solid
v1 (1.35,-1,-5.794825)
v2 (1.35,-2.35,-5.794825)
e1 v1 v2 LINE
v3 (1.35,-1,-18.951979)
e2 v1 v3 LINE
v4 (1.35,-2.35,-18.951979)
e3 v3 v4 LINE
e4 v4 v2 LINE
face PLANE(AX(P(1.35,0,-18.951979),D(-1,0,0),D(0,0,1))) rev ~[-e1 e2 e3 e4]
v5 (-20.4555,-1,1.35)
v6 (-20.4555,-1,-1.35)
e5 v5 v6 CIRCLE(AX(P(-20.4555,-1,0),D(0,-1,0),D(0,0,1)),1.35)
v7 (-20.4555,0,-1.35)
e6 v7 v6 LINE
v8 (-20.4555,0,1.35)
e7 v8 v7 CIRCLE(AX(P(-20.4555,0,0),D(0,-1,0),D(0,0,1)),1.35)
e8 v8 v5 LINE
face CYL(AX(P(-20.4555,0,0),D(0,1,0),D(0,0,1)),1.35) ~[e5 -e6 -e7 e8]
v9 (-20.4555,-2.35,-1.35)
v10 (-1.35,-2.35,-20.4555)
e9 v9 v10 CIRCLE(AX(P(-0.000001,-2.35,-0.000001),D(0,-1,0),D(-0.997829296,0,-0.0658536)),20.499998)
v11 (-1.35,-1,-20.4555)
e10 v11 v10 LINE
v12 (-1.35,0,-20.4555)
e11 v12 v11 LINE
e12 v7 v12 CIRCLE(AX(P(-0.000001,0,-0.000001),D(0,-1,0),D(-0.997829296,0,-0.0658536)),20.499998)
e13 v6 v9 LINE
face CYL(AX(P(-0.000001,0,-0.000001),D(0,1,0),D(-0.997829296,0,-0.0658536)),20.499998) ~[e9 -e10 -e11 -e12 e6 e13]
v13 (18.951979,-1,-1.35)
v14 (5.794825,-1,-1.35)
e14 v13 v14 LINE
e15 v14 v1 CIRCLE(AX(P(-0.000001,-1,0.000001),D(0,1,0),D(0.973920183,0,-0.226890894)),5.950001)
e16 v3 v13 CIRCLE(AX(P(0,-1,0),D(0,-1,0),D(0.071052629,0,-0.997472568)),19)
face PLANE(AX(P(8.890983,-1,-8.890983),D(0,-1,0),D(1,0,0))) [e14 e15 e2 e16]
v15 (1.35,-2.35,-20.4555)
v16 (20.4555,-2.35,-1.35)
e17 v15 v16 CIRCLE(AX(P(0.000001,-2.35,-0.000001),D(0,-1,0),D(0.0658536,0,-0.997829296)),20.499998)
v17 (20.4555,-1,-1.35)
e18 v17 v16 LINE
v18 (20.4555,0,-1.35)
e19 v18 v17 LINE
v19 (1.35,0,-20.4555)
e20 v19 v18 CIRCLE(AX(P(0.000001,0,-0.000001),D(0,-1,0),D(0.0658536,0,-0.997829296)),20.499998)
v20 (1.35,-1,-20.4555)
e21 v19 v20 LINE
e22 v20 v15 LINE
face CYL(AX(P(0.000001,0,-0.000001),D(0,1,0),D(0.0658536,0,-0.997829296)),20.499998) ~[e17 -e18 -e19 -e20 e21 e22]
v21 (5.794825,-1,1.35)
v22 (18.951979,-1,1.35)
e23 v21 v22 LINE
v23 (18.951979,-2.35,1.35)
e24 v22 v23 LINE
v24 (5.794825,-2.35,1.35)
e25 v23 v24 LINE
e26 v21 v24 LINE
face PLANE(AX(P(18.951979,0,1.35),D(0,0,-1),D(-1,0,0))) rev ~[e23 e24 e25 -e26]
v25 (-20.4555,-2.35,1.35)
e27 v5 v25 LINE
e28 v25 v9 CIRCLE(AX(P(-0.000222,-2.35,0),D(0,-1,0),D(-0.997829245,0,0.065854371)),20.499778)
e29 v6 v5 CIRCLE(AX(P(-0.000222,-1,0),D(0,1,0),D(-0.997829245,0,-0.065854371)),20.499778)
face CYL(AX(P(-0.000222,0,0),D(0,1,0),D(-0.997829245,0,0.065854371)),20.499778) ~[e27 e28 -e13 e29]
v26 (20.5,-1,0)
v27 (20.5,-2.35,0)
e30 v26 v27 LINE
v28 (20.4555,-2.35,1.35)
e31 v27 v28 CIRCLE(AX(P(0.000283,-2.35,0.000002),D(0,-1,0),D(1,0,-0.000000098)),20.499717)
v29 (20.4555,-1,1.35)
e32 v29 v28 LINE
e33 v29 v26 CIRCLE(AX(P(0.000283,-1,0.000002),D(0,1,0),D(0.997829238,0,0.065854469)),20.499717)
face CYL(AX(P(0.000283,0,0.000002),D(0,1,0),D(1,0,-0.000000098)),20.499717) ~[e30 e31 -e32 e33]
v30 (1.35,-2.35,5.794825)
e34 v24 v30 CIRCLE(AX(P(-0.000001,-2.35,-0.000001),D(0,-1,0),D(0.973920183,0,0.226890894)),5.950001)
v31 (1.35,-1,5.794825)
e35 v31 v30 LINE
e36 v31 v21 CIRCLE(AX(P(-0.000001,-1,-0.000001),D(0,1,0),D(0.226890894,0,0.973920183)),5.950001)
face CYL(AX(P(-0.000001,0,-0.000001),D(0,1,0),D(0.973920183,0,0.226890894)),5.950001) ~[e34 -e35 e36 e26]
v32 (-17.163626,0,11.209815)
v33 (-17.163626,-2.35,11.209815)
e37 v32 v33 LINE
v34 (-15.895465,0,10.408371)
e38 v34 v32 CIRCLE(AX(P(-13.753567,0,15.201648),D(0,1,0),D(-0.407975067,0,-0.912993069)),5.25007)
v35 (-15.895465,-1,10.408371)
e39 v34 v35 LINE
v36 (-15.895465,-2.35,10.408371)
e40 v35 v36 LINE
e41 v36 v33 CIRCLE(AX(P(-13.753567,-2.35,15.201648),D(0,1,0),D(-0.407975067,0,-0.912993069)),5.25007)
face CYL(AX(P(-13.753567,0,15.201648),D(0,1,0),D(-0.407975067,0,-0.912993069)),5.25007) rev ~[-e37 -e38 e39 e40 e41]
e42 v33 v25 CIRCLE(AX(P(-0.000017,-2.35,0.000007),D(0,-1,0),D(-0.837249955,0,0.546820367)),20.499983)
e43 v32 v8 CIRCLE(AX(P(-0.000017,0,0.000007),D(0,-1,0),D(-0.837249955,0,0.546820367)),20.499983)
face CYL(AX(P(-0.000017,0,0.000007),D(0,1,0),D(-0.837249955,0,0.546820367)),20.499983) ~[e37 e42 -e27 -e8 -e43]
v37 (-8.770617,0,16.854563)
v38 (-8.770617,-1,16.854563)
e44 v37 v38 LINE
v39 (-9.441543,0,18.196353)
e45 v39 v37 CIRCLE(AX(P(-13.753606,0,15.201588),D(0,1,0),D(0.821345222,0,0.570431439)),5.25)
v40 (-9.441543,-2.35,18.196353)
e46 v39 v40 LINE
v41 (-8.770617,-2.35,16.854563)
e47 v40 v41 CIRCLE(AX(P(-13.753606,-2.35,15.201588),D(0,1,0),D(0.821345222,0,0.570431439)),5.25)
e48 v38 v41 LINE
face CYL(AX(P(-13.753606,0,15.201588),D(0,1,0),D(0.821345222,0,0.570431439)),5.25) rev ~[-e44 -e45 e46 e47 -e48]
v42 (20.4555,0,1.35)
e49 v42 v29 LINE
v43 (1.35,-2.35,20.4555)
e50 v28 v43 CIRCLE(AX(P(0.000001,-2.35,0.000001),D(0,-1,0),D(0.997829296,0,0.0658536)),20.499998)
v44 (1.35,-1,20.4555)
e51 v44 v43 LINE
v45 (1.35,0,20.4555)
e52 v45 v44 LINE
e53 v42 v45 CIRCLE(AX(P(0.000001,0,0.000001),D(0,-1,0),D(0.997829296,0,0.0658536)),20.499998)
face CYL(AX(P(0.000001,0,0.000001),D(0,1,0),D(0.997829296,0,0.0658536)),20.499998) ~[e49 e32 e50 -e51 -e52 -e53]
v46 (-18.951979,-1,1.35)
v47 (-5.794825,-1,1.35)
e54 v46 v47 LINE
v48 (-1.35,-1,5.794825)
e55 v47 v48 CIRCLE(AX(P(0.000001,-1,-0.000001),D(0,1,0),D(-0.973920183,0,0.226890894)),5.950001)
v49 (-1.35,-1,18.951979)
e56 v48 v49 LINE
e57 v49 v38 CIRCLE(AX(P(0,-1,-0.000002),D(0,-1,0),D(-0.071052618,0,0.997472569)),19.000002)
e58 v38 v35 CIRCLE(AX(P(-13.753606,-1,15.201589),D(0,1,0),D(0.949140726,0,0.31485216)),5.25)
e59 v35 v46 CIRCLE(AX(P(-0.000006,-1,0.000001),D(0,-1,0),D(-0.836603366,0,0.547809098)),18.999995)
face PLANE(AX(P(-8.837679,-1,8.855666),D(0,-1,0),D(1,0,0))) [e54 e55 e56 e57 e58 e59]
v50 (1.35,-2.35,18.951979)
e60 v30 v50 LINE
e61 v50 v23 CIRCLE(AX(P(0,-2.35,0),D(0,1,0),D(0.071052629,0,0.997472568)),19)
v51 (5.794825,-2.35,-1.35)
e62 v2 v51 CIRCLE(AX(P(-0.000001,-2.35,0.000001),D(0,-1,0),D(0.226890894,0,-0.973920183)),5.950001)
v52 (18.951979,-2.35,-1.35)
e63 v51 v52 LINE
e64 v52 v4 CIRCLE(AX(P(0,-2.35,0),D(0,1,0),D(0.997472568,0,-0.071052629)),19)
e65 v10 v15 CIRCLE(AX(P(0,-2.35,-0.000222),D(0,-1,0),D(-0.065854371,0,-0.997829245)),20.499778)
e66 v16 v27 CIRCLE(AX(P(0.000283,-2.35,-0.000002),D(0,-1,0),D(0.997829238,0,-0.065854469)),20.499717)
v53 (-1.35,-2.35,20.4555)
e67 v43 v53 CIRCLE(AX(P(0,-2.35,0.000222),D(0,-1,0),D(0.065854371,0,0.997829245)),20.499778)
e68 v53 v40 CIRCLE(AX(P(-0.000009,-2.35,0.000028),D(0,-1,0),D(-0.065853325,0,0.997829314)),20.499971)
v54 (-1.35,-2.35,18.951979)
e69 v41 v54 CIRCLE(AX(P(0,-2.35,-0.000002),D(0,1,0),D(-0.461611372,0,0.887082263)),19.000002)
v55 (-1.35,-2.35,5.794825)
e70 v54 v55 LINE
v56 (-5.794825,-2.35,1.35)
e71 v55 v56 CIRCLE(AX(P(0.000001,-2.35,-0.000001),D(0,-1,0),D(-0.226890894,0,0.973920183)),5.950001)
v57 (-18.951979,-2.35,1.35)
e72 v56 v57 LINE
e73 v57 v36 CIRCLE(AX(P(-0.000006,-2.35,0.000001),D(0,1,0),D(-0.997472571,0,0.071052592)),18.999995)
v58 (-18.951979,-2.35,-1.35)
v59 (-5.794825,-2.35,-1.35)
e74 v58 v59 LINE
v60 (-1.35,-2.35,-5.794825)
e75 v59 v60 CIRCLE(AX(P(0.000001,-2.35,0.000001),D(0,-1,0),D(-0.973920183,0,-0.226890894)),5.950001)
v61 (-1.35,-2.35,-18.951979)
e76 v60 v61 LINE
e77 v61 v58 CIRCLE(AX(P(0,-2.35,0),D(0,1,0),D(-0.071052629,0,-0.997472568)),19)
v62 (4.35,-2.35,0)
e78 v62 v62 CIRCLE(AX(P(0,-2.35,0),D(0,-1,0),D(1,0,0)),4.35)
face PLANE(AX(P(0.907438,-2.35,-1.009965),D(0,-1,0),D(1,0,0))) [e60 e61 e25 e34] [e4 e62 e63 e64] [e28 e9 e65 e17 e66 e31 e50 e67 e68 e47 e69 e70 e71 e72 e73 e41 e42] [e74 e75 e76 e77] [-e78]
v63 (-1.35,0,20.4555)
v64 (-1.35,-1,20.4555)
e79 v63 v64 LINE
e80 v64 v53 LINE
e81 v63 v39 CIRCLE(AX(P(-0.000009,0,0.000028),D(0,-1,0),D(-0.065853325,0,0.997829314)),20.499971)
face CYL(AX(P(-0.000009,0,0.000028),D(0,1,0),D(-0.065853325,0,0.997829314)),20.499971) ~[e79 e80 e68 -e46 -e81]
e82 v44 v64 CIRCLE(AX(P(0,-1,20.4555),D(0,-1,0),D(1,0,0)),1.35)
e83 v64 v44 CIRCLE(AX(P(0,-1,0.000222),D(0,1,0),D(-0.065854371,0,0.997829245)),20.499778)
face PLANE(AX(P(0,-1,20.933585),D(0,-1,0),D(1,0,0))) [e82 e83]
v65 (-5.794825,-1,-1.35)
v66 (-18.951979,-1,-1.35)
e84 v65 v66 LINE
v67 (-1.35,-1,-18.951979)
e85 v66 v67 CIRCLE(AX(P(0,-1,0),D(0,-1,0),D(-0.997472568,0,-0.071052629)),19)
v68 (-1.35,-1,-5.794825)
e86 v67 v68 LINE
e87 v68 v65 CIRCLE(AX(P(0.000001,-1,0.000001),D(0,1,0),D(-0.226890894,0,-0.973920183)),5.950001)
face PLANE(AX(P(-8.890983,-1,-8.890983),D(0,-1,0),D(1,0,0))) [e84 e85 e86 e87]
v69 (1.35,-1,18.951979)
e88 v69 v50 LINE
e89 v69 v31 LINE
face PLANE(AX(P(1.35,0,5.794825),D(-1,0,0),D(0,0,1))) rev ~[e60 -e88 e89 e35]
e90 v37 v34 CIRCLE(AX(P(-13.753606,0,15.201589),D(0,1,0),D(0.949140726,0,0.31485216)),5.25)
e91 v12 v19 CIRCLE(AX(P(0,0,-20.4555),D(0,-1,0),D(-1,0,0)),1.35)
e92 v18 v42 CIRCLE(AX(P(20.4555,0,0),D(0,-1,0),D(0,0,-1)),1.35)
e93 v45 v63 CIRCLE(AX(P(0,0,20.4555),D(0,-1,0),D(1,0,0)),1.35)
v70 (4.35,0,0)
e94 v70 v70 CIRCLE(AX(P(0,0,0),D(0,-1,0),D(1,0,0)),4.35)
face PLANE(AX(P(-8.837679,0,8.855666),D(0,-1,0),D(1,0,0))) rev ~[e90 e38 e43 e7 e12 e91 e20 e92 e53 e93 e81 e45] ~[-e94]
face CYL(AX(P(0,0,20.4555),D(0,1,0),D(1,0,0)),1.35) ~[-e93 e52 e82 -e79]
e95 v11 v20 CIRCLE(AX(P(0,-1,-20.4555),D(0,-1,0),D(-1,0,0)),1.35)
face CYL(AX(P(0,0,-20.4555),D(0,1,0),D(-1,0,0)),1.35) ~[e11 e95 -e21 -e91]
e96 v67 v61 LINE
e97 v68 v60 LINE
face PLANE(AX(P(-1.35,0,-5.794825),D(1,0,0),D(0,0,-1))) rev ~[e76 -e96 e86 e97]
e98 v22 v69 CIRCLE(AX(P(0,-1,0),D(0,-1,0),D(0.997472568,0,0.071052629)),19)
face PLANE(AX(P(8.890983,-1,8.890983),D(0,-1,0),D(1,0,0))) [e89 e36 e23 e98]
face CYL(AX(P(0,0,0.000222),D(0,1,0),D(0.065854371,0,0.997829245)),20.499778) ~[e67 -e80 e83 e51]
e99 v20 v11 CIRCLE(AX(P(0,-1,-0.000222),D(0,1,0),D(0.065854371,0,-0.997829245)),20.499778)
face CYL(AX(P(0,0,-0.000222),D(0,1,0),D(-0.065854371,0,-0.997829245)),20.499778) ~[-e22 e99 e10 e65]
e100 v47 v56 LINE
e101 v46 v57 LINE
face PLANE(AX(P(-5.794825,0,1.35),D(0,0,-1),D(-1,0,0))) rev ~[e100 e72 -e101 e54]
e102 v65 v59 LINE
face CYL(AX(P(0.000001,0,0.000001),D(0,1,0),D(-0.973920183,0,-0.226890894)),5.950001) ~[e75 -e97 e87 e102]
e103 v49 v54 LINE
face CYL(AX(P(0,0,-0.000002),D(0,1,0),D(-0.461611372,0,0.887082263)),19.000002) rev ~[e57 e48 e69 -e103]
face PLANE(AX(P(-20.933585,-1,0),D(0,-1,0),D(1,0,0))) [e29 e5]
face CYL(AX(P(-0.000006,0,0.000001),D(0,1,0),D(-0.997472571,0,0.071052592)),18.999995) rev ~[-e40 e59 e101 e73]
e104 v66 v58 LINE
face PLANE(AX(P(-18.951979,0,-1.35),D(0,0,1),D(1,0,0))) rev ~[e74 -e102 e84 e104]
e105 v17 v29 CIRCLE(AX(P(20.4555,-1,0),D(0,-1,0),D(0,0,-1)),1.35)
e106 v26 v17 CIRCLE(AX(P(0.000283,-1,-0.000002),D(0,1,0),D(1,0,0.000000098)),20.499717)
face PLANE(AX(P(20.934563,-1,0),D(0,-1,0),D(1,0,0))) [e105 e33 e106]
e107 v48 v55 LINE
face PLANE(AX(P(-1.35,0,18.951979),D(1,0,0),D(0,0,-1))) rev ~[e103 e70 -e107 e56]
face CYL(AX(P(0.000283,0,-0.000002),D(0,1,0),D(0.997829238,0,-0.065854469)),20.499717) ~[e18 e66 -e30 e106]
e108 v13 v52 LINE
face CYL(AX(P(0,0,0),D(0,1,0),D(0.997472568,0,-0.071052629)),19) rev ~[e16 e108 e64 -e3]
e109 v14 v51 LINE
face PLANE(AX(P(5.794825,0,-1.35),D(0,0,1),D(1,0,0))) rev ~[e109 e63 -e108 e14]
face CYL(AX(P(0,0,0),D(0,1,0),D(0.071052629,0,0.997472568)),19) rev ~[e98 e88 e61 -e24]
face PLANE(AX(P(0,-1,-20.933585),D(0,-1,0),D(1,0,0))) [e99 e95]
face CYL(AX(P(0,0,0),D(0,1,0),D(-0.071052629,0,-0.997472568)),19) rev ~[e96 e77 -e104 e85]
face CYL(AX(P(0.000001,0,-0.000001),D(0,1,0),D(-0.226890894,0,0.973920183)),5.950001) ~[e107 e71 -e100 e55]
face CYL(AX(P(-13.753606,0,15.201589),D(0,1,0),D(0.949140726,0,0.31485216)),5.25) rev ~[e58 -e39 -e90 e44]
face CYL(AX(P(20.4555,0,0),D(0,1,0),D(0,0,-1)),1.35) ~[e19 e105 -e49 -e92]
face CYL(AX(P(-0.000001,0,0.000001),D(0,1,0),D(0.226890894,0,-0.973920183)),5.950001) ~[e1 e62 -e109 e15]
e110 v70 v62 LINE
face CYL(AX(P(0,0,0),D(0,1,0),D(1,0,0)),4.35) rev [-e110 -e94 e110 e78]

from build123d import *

# Parameters (mm, degrees)
F0_R     = 4.35
F1_DEPTH = 2.35
F2_DEPTH = 1


with BuildPart() as f1:
    # F0 (on Front) → F1 (new body)
    with BuildSketch(Plane.XZ):
        with BuildLine():
            ThreePointArc((18.951979, 1.35), (18.987991, 0.675427), (19, 0))
            ThreePointArc((19, 0), (18.987991, -0.675427), (18.951979, -1.35))
            ThreePointArc((18.951979, -1.35), (13.435029, -13.435029), (1.35, -18.951979))
            ThreePointArc((1.35, -18.951979), (0, -19), (-1.35, -18.951979))
            ThreePointArc((-1.35, -18.951979), (-13.435029, -13.435029), (-18.951979, -1.35))
            ThreePointArc((-18.951979, -1.35), (-19, 0), (-18.951979, 1.35))
            ThreePointArc((-18.951979, 1.35), (-18.002767, 6.074569), (-15.895465, 10.408371))
            ThreePointArc((-15.895465, 10.408371), (-16.558319, 10.763563), (-17.163626, 11.209815))
            ThreePointArc((-17.163626, 11.209815), (-19.444888, 6.492022), (-20.4555, 1.35))
            ThreePointArc((-20.4555, 1.35), (-20.5, 0), (-20.4555, -1.35))
            ThreePointArc((-20.4555, -1.35), (-14.495689, -14.495689), (-1.35, -20.4555))
            ThreePointArc((-1.35, -20.4555), (0, -20.5), (1.35, -20.4555))
            ThreePointArc((1.35, -20.4555), (14.495689, -14.495689), (20.4555, -1.35))
            ThreePointArc((20.4555, -1.35), (20.488872, -0.675367), (20.5, 0))
            ThreePointArc((20.5, 0), (20.488872, 0.675367), (20.4555, 1.35))
            ThreePointArc((20.4555, 1.35), (14.495689, 14.495689), (1.35, 20.4555))
            ThreePointArc((1.35, 20.4555), (0, 20.5), (-1.35, 20.4555))
            ThreePointArc((-1.35, 20.4555), (-5.512738, 19.744866), (-9.441543, 18.196353))
            ThreePointArc((-9.441543, 18.196353), (-9.057906, 17.549546), (-8.770617, 16.854563))
            ThreePointArc((-8.770617, 16.854563), (-5.167834, 18.283695), (-1.35, 18.951979))
            ThreePointArc((-1.35, 18.951979), (0, 19), (1.35, 18.951979))
            ThreePointArc((1.35, 18.951979), (13.435029, 13.435029), (18.951979, 1.35))
        make_face()
        with BuildLine():
            ThreePointArc((5.95, 0), (5.911079, 0.679444), (5.794825, 1.35))
            ThreePointArc((5.794825, 1.35), (4.207285, 4.207285), (1.35, 5.794825))
            ThreePointArc((1.35, 5.794825), (0, 5.95), (-1.35, 5.794825))
            ThreePointArc((-1.35, 5.794825), (-4.207285, 4.207285), (-5.794825, 1.35))
            ThreePointArc((-5.794825, 1.35), (-5.95, 0), (-5.794825, -1.35))
            ThreePointArc((-5.794825, -1.35), (-4.207285, -4.207285), (-1.35, -5.794825))
            ThreePointArc((-1.35, -5.794825), (0, -5.95), (1.35, -5.794825))
            ThreePointArc((1.35, -5.794825), (4.207285, -4.207285), (5.794825, -1.35))
            ThreePointArc((5.794825, -1.35), (5.911079, -0.679444), (5.95, 0))
        make_face()
        Circle(F0_R, mode=Mode.SUBTRACT)
        with BuildLine():
            ThreePointArc((-18.951979, 1.35), (-19, 0), (-18.951979, -1.35))
            Line((-18.951979, -1.35), (-5.794825, -1.35))
            ThreePointArc((-5.794825, -1.35), (-5.95, 0), (-5.794825, 1.35))
            Line((-5.794825, 1.35), (-18.951979, 1.35))
        make_face()
        with BuildLine():
            Line((1.35, 5.794825), (1.35, 18.951979))
            ThreePointArc((1.35, 18.951979), (0, 19), (-1.35, 18.951979))
            Line((-1.35, 18.951979), (-1.35, 5.794825))
            ThreePointArc((-1.35, 5.794825), (0, 5.95), (1.35, 5.794825))
        make_face()
        with BuildLine():
            ThreePointArc((18.951979, -1.35), (18.987991, -0.675427), (19, 0))
            ThreePointArc((19, 0), (18.987991, 0.675427), (18.951979, 1.35))
            Line((18.951979, 1.35), (5.794825, 1.35))
            ThreePointArc((5.794825, 1.35), (5.911079, 0.679444), (5.95, 0))
            ThreePointArc((5.95, 0), (5.911079, -0.679444), (5.794825, -1.35))
            Line((5.794825, -1.35), (18.951979, -1.35))
        make_face()
        with BuildLine():
            ThreePointArc((-1.35, -18.951979), (0, -19), (1.35, -18.951979))
            Line((1.35, -18.951979), (1.35, -5.794825))
            ThreePointArc((1.35, -5.794825), (0, -5.95), (-1.35, -5.794825))
            Line((-1.35, -5.794825), (-1.35, -18.951979))
        make_face()
    extrude(amount=F1_DEPTH)

    # F0 (on Front) → F2 (join)
    with BuildSketch(Plane.XZ):
        with BuildLine():
            Line((-1.35, 5.794825), (-1.35, 18.951979))
            ThreePointArc((-1.35, 18.951979), (-5.167834, 18.283695), (-8.770617, 16.854563))
            ThreePointArc((-8.770617, 16.854563), (-10.231341, 11.308499), (-15.895465, 10.408371))
            ThreePointArc((-15.895465, 10.408371), (-18.002767, 6.074569), (-18.951979, 1.35))
            Line((-18.951979, 1.35), (-5.794825, 1.35))
            ThreePointArc((-5.794825, 1.35), (-4.207285, 4.207285), (-1.35, 5.794825))
        make_face()
        with BuildLine():
            Line((5.794825, 1.35), (18.951979, 1.35))
            ThreePointArc((18.951979, 1.35), (13.435029, 13.435029), (1.35, 18.951979))
            Line((1.35, 18.951979), (1.35, 5.794825))
            ThreePointArc((1.35, 5.794825), (4.207285, 4.207285), (5.794825, 1.35))
        make_face()
        with BuildLine():
            ThreePointArc((1.35, -18.951979), (13.435029, -13.435029), (18.951979, -1.35))
            Line((18.951979, -1.35), (5.794825, -1.35))
            ThreePointArc((5.794825, -1.35), (4.207285, -4.207285), (1.35, -5.794825))
            Line((1.35, -5.794825), (1.35, -18.951979))
        make_face()
        with BuildLine():
            ThreePointArc((-18.951979, -1.35), (-13.435029, -13.435029), (-1.35, -18.951979))
            Line((-1.35, -18.951979), (-1.35, -5.794825))
            ThreePointArc((-1.35, -5.794825), (-4.207285, -4.207285), (-5.794825, -1.35))
            Line((-5.794825, -1.35), (-18.951979, -1.35))
        make_face()
        with BuildLine():
            ThreePointArc((-20.4555, -1.35), (-20.5, 0), (-20.4555, 1.35))
            ThreePointArc((-20.4555, 1.35), (-21.8055, 0), (-20.4555, -1.35))
        make_face()
        with BuildLine():
            ThreePointArc((1.35, 20.4555), (0, 21.8055), (-1.35, 20.4555))
            ThreePointArc((-1.35, 20.4555), (0, 20.5), (1.35, 20.4555))
        make_face()
        with BuildLine():
            ThreePointArc((20.4555, -1.35), (21.8055, 0), (20.4555, 1.35))
            ThreePointArc((20.4555, 1.35), (20.488872, 0.675367), (20.5, 0))
            ThreePointArc((20.5, 0), (20.488872, -0.675367), (20.4555, -1.35))
        make_face()
        with BuildLine():
            ThreePointArc((1.35, -20.4555), (0, -20.5), (-1.35, -20.4555))
            ThreePointArc((-1.35, -20.4555), (0, -21.8055), (1.35, -20.4555))
        make_face()
    extrude(amount=F2_DEPTH)


solid = f1.part
